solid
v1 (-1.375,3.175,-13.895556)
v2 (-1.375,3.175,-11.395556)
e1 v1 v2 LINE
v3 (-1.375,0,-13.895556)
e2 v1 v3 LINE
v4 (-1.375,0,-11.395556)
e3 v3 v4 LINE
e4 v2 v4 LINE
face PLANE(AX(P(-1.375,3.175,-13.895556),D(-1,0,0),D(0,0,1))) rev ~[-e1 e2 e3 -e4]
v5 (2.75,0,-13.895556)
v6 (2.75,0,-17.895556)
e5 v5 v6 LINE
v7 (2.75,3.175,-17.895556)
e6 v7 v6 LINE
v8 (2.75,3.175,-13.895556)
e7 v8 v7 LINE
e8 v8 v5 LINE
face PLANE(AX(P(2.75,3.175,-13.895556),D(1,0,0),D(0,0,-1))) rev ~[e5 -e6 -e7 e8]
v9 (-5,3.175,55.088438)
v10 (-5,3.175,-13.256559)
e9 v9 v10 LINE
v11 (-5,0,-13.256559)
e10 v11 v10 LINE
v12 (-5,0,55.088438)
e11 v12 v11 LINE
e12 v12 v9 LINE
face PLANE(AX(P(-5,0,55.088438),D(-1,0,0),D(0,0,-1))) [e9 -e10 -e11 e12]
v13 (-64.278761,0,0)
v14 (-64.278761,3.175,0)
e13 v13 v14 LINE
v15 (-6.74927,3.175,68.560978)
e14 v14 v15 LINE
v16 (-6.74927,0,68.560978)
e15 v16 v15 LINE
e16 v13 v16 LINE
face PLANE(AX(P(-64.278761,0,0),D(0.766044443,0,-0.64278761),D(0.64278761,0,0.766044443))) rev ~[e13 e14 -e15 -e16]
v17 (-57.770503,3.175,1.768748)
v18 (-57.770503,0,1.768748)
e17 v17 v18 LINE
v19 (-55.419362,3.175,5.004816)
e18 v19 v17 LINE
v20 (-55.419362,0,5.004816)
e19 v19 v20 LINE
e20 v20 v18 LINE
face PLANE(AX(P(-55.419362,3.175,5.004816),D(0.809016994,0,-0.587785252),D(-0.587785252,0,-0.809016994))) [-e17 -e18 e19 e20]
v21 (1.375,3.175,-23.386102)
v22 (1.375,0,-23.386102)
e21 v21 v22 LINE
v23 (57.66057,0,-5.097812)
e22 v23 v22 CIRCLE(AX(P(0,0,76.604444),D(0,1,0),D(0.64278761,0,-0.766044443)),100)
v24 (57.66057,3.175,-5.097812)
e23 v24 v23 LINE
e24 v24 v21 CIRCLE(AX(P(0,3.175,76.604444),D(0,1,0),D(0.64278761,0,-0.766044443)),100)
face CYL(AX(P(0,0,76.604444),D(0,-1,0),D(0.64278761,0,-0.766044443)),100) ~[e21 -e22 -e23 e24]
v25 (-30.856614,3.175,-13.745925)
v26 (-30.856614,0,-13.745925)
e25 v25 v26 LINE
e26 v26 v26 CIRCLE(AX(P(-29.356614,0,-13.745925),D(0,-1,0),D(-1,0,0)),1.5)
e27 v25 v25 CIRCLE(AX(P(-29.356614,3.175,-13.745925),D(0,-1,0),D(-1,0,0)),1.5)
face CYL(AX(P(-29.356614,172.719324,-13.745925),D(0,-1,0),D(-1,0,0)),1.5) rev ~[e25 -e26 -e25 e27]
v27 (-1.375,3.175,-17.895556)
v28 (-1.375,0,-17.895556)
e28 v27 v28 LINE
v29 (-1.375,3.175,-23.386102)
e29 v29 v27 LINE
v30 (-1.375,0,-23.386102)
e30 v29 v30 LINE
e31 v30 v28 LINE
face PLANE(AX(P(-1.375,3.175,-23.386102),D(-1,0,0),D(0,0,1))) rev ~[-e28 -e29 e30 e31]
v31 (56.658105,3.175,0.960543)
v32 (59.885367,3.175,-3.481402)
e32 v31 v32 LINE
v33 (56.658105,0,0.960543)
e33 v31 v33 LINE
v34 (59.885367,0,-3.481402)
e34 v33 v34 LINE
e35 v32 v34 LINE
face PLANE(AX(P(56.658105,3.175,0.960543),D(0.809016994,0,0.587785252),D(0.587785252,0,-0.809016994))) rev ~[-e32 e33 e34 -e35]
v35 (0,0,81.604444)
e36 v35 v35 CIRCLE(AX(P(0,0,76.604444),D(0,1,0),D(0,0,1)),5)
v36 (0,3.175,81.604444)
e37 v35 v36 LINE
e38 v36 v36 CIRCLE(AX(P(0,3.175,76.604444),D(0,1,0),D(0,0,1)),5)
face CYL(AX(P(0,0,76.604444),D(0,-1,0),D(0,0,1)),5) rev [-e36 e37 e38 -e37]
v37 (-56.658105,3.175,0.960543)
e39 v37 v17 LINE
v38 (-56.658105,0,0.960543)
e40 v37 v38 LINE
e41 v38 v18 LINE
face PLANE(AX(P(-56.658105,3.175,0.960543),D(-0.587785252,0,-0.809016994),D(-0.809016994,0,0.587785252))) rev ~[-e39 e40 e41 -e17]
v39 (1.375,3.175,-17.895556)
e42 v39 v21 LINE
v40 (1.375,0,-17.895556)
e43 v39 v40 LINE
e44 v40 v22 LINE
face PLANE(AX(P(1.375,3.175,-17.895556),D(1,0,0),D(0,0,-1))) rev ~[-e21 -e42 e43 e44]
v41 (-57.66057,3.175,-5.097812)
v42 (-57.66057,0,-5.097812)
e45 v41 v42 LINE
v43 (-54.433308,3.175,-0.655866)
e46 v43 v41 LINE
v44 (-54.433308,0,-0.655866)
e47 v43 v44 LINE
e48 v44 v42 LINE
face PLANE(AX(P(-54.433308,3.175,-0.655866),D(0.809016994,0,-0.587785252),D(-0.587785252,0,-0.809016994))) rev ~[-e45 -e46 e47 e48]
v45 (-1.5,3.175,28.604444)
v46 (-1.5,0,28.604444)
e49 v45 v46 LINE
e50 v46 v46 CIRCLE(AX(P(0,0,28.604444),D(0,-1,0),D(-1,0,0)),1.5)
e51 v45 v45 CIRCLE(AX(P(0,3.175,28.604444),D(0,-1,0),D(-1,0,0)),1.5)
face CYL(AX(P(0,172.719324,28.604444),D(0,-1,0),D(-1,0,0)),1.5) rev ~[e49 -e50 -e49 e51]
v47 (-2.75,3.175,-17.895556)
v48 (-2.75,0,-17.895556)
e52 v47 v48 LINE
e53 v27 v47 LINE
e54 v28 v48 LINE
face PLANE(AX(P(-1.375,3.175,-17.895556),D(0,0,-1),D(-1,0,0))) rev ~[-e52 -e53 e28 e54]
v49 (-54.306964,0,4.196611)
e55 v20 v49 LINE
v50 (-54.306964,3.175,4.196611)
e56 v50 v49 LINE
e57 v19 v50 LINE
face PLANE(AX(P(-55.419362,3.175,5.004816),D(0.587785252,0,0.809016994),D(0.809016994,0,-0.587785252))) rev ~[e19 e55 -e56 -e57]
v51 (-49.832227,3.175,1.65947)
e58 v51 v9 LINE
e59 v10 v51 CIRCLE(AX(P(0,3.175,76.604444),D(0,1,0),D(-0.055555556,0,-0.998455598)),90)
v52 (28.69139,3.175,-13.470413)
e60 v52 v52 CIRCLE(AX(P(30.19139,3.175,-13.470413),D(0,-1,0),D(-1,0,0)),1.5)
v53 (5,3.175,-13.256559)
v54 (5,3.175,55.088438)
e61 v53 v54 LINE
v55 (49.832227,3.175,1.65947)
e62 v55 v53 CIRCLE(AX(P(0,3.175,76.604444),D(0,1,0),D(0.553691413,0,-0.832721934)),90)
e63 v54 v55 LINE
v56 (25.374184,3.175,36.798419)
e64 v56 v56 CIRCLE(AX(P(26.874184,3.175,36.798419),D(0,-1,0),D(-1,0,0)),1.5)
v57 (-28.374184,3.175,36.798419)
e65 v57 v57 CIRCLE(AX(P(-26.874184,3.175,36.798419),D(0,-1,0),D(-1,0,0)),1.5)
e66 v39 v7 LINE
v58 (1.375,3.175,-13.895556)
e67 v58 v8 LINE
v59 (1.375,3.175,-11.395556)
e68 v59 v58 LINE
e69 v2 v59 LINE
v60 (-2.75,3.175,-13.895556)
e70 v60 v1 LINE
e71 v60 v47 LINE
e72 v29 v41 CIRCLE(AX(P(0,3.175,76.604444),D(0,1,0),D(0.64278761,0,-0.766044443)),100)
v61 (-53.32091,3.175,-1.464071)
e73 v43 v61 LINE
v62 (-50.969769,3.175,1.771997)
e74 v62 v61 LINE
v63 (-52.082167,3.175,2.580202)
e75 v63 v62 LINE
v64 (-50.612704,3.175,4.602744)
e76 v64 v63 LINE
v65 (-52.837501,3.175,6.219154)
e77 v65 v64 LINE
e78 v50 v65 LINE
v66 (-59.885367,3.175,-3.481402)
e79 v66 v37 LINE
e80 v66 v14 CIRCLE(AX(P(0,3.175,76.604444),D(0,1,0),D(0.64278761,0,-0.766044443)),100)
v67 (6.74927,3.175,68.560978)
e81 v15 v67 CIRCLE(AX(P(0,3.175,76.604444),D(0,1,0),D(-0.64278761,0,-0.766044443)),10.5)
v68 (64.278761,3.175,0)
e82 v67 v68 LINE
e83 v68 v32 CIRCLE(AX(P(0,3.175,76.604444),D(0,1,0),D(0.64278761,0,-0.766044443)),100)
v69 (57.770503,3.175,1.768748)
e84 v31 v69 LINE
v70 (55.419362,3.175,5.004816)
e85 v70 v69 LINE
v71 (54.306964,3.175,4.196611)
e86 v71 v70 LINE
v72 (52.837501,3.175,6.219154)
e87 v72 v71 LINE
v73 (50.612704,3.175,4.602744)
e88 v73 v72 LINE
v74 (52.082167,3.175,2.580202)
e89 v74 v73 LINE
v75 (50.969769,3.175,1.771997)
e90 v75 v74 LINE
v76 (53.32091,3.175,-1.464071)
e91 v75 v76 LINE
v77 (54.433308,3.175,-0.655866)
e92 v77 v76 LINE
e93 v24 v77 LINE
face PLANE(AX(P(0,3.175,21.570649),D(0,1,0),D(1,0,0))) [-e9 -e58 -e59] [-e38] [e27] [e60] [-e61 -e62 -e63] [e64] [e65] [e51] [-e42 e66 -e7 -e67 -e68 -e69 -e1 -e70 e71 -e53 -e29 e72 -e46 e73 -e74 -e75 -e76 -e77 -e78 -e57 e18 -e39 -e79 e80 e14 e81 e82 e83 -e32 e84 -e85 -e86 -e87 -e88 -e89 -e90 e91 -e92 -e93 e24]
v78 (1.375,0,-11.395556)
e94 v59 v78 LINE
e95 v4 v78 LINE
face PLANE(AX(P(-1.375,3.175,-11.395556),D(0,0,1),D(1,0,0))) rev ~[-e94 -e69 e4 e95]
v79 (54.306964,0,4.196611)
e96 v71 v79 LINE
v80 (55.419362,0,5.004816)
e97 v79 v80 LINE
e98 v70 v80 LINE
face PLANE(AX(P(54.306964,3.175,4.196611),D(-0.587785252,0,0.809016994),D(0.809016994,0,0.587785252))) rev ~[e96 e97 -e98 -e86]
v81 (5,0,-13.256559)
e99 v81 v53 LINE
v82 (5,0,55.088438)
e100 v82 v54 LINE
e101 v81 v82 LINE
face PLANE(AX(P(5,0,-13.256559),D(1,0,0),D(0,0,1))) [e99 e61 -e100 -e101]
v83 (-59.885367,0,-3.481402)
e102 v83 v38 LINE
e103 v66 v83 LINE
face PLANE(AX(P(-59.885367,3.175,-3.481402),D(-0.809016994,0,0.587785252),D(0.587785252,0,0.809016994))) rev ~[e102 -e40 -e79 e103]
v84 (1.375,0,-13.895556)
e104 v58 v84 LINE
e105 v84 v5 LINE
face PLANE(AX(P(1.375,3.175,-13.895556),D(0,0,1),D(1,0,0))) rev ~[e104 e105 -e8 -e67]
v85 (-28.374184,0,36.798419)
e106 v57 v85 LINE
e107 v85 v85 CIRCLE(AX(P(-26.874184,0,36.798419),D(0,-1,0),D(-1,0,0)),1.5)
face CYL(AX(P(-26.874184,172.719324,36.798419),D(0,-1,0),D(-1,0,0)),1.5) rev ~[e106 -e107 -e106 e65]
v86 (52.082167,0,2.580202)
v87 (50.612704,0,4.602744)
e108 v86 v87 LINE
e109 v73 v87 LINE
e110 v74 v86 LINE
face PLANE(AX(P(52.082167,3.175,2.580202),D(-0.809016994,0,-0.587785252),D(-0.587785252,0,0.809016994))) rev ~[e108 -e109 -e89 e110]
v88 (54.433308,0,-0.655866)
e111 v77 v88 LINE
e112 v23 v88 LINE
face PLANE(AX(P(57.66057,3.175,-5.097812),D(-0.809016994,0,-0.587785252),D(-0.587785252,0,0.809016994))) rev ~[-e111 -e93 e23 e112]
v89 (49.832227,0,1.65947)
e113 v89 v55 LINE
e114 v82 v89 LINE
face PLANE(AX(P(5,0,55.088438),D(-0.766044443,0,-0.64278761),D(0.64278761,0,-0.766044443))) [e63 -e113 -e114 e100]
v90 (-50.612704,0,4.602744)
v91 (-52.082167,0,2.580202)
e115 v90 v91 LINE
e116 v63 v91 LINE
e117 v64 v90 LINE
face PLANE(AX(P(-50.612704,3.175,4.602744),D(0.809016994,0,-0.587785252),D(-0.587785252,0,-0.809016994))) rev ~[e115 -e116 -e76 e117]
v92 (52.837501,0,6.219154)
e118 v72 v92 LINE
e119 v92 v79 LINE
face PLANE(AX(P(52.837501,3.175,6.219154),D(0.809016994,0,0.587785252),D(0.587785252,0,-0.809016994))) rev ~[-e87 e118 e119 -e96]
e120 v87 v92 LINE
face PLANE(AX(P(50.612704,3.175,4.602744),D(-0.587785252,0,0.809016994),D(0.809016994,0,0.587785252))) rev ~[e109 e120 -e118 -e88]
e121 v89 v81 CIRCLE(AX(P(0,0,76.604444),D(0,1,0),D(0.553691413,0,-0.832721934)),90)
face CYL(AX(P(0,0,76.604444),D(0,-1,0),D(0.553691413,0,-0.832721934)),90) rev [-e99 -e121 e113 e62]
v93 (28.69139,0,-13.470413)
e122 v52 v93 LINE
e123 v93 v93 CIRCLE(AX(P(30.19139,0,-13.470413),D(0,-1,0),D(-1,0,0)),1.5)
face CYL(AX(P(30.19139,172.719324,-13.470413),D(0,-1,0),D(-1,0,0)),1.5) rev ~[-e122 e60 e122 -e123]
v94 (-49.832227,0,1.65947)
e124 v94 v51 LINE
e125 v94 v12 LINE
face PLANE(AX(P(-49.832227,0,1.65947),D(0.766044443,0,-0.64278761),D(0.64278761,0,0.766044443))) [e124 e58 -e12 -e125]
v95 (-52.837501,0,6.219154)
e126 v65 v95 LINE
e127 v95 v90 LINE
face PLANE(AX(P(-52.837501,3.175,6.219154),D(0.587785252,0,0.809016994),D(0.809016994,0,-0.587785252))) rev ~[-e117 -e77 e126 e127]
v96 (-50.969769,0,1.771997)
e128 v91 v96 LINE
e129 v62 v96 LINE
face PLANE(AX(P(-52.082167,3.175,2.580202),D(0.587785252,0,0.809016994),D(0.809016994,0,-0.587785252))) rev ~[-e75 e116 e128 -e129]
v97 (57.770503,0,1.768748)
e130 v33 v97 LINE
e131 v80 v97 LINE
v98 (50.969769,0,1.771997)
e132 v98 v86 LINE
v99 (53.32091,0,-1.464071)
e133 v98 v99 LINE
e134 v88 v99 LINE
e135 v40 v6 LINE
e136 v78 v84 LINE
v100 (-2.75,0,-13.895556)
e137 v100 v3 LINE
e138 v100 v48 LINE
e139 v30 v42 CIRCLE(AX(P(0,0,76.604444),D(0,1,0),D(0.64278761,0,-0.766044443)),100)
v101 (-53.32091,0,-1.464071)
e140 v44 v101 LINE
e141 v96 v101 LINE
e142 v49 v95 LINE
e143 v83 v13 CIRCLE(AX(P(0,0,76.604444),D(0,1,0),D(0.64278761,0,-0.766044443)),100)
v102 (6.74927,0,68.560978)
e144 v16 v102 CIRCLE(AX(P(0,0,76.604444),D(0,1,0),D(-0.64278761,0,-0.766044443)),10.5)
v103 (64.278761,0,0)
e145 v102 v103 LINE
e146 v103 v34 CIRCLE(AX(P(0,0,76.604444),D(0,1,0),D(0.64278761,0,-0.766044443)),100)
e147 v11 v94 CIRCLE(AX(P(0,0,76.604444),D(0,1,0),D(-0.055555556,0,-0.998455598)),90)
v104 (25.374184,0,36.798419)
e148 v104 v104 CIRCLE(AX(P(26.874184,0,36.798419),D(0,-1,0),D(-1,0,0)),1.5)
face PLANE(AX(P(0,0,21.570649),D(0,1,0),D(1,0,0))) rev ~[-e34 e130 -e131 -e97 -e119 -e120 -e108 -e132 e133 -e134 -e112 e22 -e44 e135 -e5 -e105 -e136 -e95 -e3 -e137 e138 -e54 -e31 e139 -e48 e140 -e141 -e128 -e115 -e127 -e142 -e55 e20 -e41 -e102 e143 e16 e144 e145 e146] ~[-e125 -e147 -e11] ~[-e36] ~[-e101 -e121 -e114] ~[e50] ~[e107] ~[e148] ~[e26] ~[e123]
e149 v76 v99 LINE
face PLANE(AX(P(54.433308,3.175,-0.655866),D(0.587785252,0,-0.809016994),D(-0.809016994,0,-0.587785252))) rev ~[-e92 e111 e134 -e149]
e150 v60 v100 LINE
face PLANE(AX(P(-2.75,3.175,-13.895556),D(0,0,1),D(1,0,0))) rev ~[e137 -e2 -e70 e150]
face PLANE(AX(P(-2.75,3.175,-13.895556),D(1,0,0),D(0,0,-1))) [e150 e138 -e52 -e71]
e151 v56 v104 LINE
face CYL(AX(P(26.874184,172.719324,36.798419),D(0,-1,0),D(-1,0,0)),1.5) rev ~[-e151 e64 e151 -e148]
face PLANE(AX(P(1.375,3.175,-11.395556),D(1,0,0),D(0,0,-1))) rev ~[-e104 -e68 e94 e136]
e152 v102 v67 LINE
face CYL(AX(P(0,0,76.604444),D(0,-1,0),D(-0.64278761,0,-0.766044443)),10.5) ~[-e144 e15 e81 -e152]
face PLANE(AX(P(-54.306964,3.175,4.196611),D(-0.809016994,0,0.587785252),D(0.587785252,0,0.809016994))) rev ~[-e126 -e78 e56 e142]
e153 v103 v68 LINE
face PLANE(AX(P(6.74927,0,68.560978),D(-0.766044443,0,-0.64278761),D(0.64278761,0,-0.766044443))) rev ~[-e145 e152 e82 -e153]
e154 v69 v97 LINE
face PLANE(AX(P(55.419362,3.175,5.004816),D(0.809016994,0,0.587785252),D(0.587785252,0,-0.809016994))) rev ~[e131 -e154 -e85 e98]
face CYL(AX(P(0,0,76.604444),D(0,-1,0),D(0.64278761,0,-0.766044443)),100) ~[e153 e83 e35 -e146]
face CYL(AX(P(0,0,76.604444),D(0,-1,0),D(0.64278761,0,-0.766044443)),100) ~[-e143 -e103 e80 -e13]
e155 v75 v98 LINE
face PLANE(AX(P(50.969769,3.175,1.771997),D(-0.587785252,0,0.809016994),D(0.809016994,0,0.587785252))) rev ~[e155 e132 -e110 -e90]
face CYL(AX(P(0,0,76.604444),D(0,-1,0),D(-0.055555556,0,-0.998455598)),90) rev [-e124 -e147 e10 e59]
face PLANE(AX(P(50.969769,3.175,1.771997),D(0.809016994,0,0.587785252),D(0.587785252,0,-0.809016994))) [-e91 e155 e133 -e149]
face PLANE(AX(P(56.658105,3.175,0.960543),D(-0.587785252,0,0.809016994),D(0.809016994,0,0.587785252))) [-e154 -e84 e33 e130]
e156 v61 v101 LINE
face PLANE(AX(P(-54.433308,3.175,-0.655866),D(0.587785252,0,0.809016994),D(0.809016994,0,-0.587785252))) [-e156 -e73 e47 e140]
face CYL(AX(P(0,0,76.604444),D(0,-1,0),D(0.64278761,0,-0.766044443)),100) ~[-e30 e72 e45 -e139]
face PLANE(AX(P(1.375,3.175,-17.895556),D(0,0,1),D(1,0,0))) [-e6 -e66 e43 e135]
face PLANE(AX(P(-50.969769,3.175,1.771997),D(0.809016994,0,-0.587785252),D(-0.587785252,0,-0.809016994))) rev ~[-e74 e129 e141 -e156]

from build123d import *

# Parameters (mm, degrees)
SKETCH1_R                       = 5
BOSS_EXTRUDE1_DEPTH             = 3.175
SKETCH6_W                       = 2.75
SKETCH6_H                       = 2.5
SKETCH6_H_2                     = 4
SKETCH6_W_2                     = 1.375
CUT_EXTRUDE4_DEPTH              = 109.300618445
CIRPATTERN1_COUNT               = 2
CIRPATTERN1_ANGLE               = 36
CIRPATTERN1_THE_OTHER_WAY_COUNT = 2
CIRPATTERN1_THE_OTHER_WAY_ANGLE = 36
F_3_0_3_DIAMETER_HOLE1_D        = 3


with BuildPart() as part:
    # Sketch1 → Boss-Extrude1 (new body)
    with BuildSketch(Plane(origin=(0, 0, 0), x_dir=(1, 0, 0), z_dir=(0, 1, 0))):
        with BuildLine():
            Line((-64.278760969, 0), (-6.749269902, -68.560977659))
            ThreePointArc((-6.749269902, -68.560977659), (0, -87.104444312), (6.749269902, -68.560977659))
            Line((6.749269902, -68.560977659), (64.278760969, 0))
            ThreePointArc((64.278760969, 0), (0, 23.395555688), (-64.278760969, 0))
        make_face()
        with Locations(Location((0, -76.604444312, 0), (0, 0, 270))):
            Circle(SKETCH1_R, mode=Mode.SUBTRACT)
        with BuildLine():
            Line((-49.832227183, -1.659470271), (-5, -55.08843808))
            Line((-5, -55.08843808), (-5, 13.256559466))
            ThreePointArc((-5, 13.256559466), (-28.412414016, 8.793065779), (-49.832227183, -1.659470271))
        make_face(mode=Mode.SUBTRACT)
        with BuildLine():
            Line((5, -55.08843808), (49.832227183, -1.659470271))
            ThreePointArc((49.832227183, -1.659470271), (28.412414016, 8.793065779), (5, 13.256559466))
            Line((5, 13.256559466), (5, -55.08843808))
        make_face(mode=Mode.SUBTRACT)
    extrude(amount=BOSS_EXTRUDE1_DEPTH)

    # Sketch6 → Cut-Extrude4 (cut, through all)
    with BuildSketch(Plane(origin=(0, 3.175, 0), x_dir=(1, 0, 0), z_dir=(0, 1, 0))):
        with Locations((0, 12.645555688)):
            Rectangle(SKETCH6_W, SKETCH6_H)
        with Locations((0, 15.895555688)):
            Rectangle(SKETCH6_W, SKETCH6_H_2)
        with Locations((-2.0625, 15.895555688)):
            Rectangle(SKETCH6_W_2, SKETCH6_H_2)
        with BuildLine():
            Line((-1.375, 23.386102116), (-1.375, 17.895555688))
            Line((-1.375, 17.895555688), (1.375, 17.895555688))
            Line((1.375, 17.895555688), (1.375, 23.386102116))
            ThreePointArc((1.375, 23.386102116), (0.687516249, 23.393192267), (0, 23.395555688))
            ThreePointArc((0, 23.395555688), (-0.687516249, 23.393192267), (-1.375, 23.386102116))
        make_face()
        with Locations((2.0625, 15.895555688)):
            Rectangle(SKETCH6_W_2, SKETCH6_H_2)
    cut_extrude4 = extrude(amount=-CUT_EXTRUDE4_DEPTH, mode=Mode.SUBTRACT)

    # CirPattern1: Cut-Extrude4 ×2 about axis
    cirpattern1_axis = Axis((0, 0, 76.604444312), (0, -1, 0))
    for i in range(1, CIRPATTERN1_COUNT):
        add(cut_extrude4.rotate(cirpattern1_axis, i * CIRPATTERN1_ANGLE / (CIRPATTERN1_COUNT - 1)), mode=Mode.SUBTRACT)

    # CirPattern1 the other way: Cut-Extrude4 ×2 about axis
    cirpattern1_the_other_way_axis = Axis((0, 0, 76.604444312), (0, 1, 0))
    for i in range(1, CIRPATTERN1_THE_OTHER_WAY_COUNT):
        add(cut_extrude4.rotate(cirpattern1_the_other_way_axis, i * CIRPATTERN1_THE_OTHER_WAY_ANGLE / (CIRPATTERN1_THE_OTHER_WAY_COUNT - 1)), mode=Mode.SUBTRACT)

    # Ø3.0 (3) Diameter Hole1 (through all)
    with Locations(Plane(origin=(0, 3.175, 0), x_dir=(1, 0, 0), z_dir=(0, 1, 0))):
        with Locations((0, -28.604444312), (-26.874184456, -36.798419304), (26.874184456, -36.798419304), (30.19139013, 13.470413235), (-29.356614466, 13.745924736)):
            Hole(F_3_0_3_DIAMETER_HOLE1_D / 2)


solid = part.part
